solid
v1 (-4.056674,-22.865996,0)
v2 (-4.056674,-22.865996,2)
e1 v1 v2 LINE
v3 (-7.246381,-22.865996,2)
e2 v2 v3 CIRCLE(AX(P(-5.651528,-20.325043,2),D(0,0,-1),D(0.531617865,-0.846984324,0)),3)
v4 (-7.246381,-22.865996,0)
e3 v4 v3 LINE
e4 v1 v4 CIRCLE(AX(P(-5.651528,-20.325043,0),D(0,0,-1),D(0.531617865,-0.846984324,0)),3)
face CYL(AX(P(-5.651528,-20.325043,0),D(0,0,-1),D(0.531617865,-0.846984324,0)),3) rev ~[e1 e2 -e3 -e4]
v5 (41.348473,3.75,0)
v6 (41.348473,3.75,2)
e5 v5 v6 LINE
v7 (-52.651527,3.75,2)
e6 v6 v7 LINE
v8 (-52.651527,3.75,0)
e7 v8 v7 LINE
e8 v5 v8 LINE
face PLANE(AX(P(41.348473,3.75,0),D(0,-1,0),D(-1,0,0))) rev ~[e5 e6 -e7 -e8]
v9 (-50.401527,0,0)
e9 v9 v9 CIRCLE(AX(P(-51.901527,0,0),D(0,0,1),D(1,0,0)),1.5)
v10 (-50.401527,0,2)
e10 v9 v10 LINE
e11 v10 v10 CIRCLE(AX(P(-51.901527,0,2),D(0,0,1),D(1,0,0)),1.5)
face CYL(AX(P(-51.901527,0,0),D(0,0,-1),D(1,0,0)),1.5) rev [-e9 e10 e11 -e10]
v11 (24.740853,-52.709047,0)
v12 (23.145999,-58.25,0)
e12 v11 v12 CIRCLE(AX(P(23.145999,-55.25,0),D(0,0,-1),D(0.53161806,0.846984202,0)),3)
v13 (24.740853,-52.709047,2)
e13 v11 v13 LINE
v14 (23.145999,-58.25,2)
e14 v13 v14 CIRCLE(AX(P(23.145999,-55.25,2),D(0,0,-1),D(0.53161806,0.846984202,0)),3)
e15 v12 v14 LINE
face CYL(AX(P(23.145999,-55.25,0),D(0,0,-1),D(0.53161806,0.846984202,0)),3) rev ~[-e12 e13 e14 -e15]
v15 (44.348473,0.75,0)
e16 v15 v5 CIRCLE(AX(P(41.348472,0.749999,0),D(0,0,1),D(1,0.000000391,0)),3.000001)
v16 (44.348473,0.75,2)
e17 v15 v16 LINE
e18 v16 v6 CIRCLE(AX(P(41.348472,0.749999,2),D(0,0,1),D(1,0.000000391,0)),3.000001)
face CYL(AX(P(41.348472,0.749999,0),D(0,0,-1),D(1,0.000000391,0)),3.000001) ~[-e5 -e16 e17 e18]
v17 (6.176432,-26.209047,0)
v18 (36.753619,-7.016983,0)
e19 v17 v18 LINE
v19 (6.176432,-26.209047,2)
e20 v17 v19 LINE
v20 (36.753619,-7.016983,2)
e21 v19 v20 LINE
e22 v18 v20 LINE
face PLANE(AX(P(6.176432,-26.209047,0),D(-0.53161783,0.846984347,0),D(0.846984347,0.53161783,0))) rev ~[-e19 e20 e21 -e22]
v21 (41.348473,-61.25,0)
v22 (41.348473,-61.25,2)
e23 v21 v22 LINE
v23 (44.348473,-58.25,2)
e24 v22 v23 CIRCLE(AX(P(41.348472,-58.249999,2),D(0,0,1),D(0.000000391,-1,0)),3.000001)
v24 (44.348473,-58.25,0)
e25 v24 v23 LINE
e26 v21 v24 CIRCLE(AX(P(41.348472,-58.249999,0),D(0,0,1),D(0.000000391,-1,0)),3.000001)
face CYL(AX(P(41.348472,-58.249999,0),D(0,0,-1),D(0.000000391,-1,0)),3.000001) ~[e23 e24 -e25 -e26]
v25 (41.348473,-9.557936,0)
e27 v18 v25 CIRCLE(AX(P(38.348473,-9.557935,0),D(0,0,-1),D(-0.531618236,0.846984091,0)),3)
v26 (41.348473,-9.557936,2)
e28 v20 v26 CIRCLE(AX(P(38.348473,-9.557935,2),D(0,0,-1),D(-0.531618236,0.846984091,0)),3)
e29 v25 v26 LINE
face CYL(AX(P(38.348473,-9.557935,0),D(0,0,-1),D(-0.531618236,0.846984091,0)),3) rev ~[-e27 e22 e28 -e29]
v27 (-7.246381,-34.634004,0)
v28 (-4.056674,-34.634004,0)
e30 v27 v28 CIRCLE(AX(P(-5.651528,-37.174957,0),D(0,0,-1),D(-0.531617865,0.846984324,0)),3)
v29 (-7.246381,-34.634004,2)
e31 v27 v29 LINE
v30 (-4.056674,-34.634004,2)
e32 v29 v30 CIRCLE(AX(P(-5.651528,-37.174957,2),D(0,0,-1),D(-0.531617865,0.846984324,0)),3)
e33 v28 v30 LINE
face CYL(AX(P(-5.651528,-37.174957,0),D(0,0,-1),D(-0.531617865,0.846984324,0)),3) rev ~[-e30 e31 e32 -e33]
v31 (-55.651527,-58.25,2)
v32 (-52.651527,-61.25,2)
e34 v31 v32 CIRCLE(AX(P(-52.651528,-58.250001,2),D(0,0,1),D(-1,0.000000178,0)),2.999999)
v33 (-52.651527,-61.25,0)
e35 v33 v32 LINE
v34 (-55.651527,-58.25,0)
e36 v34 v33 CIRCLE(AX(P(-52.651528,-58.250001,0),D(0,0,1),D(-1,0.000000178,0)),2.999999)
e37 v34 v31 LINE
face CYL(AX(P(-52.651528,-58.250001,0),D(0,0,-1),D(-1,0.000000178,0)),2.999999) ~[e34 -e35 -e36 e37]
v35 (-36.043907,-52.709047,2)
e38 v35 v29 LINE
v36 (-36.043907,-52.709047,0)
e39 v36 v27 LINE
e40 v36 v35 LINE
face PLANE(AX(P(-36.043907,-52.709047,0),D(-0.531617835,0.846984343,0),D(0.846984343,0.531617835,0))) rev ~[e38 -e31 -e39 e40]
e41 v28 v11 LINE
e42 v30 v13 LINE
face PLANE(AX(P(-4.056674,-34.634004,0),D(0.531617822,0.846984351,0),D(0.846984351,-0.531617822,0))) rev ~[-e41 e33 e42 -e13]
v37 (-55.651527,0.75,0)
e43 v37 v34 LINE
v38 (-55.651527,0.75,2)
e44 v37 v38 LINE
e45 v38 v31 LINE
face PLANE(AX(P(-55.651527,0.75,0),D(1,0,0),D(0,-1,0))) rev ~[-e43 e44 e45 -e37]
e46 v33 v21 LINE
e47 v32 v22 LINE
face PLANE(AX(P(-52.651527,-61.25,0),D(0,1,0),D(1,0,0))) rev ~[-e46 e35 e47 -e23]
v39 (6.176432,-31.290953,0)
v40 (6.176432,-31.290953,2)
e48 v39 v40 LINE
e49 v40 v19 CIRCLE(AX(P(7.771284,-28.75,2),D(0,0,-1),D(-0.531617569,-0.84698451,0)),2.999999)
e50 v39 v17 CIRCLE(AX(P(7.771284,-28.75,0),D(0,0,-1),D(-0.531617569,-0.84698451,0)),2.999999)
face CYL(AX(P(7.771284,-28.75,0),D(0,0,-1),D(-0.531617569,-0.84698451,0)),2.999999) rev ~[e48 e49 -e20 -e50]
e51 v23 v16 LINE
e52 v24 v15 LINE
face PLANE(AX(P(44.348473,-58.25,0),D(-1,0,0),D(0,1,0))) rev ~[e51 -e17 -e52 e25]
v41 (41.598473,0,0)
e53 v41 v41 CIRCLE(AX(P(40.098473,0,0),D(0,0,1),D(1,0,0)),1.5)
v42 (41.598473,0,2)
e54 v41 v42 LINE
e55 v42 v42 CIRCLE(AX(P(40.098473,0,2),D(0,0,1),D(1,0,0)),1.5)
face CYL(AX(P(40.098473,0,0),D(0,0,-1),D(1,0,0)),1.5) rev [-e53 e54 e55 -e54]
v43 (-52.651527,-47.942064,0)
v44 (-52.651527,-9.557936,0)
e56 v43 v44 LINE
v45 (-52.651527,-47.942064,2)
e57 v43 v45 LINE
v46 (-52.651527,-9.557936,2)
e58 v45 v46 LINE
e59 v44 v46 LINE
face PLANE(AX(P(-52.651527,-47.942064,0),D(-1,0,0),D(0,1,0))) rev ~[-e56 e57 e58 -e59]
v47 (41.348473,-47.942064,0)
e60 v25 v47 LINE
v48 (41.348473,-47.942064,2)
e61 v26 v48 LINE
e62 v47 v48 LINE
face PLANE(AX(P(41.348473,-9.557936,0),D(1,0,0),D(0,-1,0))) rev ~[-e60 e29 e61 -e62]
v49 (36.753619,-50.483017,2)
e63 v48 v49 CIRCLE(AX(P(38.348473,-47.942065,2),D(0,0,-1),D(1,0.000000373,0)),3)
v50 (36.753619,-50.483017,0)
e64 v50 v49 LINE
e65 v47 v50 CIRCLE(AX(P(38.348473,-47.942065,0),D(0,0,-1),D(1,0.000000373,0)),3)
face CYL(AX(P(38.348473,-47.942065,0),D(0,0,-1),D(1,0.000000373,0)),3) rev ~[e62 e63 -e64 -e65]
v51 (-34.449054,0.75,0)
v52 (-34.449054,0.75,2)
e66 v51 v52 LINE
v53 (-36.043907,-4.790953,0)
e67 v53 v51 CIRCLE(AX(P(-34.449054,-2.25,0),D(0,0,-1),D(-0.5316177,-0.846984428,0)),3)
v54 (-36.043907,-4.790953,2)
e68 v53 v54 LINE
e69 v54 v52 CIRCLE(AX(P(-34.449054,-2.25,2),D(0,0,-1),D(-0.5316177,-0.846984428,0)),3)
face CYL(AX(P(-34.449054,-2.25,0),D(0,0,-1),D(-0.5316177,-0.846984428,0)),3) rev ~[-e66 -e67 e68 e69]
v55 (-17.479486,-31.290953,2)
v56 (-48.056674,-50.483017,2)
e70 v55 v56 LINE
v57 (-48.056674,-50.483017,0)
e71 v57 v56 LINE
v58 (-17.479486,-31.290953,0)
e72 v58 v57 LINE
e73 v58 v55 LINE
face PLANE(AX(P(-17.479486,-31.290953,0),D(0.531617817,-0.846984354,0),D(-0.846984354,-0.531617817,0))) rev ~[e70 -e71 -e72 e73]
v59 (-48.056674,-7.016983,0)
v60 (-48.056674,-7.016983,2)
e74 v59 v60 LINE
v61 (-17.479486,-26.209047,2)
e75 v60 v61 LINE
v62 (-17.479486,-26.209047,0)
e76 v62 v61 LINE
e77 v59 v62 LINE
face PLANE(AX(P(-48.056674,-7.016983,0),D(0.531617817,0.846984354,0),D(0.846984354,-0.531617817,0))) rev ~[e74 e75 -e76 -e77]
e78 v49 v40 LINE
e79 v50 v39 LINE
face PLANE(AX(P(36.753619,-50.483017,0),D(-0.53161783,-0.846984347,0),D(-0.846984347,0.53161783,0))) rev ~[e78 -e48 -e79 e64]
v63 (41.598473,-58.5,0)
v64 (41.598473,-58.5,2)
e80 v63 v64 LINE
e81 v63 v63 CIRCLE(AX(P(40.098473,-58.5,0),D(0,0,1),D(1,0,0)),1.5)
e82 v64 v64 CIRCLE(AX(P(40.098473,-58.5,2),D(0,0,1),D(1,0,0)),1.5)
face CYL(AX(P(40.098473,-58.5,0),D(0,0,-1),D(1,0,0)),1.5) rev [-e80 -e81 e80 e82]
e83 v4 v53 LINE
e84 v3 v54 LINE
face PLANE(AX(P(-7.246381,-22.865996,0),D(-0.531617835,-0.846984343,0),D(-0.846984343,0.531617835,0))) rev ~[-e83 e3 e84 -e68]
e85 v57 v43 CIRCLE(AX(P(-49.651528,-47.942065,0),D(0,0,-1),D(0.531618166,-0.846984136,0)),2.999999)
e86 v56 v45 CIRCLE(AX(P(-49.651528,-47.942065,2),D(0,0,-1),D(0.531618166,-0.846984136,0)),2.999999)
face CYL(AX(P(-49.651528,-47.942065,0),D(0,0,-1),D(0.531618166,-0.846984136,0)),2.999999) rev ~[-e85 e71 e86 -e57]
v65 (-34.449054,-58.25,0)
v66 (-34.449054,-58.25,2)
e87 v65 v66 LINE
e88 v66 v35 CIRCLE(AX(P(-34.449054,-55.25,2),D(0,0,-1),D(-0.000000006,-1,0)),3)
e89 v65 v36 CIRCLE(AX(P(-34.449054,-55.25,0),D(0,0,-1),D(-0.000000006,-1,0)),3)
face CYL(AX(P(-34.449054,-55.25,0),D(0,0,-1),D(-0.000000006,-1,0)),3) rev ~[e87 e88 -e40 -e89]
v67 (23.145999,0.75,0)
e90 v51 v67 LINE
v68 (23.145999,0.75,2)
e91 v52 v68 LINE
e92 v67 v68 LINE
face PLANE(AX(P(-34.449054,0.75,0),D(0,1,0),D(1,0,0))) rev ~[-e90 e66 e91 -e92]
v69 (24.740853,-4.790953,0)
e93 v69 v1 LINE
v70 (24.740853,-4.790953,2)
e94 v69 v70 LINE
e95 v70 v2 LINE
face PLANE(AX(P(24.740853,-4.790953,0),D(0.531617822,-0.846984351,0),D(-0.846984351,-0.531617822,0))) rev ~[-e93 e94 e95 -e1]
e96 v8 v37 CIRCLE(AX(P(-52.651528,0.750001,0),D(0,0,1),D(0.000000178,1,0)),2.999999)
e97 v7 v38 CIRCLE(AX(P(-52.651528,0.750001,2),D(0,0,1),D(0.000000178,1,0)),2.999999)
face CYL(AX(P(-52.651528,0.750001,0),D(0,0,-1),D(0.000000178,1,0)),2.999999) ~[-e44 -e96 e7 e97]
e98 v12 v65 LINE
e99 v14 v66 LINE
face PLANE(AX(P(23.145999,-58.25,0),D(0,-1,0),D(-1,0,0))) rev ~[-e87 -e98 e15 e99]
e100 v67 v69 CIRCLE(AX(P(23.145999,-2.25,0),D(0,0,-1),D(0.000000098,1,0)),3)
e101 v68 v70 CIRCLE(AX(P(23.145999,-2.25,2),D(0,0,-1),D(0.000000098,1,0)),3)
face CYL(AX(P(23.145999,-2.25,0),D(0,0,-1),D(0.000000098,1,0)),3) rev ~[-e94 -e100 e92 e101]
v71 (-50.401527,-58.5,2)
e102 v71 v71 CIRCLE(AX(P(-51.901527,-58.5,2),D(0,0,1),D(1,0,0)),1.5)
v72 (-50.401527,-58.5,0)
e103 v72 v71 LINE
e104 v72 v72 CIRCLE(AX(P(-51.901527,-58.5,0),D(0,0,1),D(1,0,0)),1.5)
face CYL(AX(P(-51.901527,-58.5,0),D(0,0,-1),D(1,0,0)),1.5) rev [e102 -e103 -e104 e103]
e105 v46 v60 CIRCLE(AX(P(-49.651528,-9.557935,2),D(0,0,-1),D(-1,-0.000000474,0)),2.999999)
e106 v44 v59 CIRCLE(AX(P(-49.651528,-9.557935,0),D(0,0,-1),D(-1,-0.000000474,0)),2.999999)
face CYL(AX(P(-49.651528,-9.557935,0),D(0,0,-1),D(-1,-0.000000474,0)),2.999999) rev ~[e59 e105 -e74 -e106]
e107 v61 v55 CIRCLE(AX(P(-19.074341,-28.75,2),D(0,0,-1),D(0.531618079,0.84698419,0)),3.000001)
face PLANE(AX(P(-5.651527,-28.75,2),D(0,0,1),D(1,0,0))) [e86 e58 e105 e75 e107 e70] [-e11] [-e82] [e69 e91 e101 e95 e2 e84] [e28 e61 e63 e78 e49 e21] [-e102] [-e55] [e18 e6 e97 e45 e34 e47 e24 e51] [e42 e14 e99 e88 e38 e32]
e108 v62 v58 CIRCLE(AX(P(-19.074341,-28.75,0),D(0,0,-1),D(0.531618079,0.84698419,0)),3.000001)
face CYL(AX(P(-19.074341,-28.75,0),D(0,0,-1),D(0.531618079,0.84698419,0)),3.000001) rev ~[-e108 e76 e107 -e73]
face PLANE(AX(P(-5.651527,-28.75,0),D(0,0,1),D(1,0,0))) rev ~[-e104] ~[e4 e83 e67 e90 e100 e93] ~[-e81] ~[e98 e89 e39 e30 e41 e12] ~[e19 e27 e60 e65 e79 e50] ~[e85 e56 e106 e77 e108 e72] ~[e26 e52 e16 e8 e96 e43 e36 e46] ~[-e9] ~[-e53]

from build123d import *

# Parameters (mm, degrees)
F0_R     = 1.5
F1_DEPTH = 2


with BuildPart() as f1:
    # F0 (on Top) → F1 (new body)
    with BuildSketch(Plane.XY):
        with BuildLine():
            Line((-49.651527, 3.75), (-52.651527, 3.75))
            ThreePointArc((-52.651527, 3.75), (-54.772848, 2.87132), (-55.651527, 0.75))
            Line((-55.651527, 0.75), (-55.651527, -2.25))
            Line((-55.651527, -2.25), (-55.651527, -55.25))
            Line((-55.651527, -55.25), (-55.651527, -58.25))
            ThreePointArc((-55.651527, -58.25), (-54.772848, -60.37132), (-52.651527, -61.25))
            Line((-52.651527, -61.25), (-49.651527, -61.25))
            Line((-49.651527, -61.25), (38.348473, -61.25))
            Line((38.348473, -61.25), (41.348473, -61.25))
            ThreePointArc((41.348473, -61.25), (43.469793, -60.37132), (44.348473, -58.25))
            Line((44.348473, -58.25), (44.348473, -55.25))
            Line((44.348473, -55.25), (44.348473, -2.25))
            Line((44.348473, -2.25), (44.348473, 0.75))
            ThreePointArc((44.348473, 0.75), (43.469793, 2.87132), (41.348473, 3.75))
            Line((41.348473, 3.75), (38.348473, 3.75))
            Line((38.348473, 3.75), (-49.651527, 3.75))
        make_face()
        with Locations((-51.901527, -58.5)):
            Circle(F0_R, mode=Mode.SUBTRACT)
        with BuildLine():
            ThreePointArc((-34.449054, -58.25), (-37.332009, -56.079801), (-36.043907, -52.709047))
            Line((-36.043907, -52.709047), (-7.246381, -34.634004))
            ThreePointArc((-7.246381, -34.634004), (-5.651527, -34.174957), (-4.056674, -34.634004))
            Line((-4.056674, -34.634004), (24.740853, -52.709047))
            ThreePointArc((24.740853, -52.709047), (26.028954, -56.079801), (23.145999, -58.25))
            Line((23.145999, -58.25), (-34.449054, -58.25))
        make_face(mode=Mode.SUBTRACT)
        with Locations((40.098473, -58.5)):
            Circle(F0_R, mode=Mode.SUBTRACT)
        with BuildLine():
            ThreePointArc((-52.651527, -9.557936), (-51.103326, -6.93262), (-48.056674, -7.016983))
            Line((-48.056674, -7.016983), (-17.479486, -26.209047))
            ThreePointArc((-17.479486, -26.209047), (-16.07434, -28.75), (-17.479486, -31.290953))
            Line((-17.479486, -31.290953), (-48.056674, -50.483017))
            ThreePointArc((-48.056674, -50.483017), (-51.103326, -50.56738), (-52.651527, -47.942064))
            Line((-52.651527, -47.942064), (-52.651527, -9.557936))
        make_face(mode=Mode.SUBTRACT)
        with Locations((-51.901527, 0)):
            Circle(F0_R, mode=Mode.SUBTRACT)
        with BuildLine():
            Line((36.753619, -50.483017), (6.176432, -31.290953))
            ThreePointArc((6.176432, -31.290953), (4.771285, -28.75), (6.176432, -26.209047))
            Line((6.176432, -26.209047), (36.753619, -7.016983))
            ThreePointArc((36.753619, -7.016983), (39.800272, -6.93262), (41.348473, -9.557936))
            Line((41.348473, -9.557936), (41.348473, -47.942064))
            ThreePointArc((41.348473, -47.942064), (39.800272, -50.56738), (36.753619, -50.483017))
        make_face(mode=Mode.SUBTRACT)
        with BuildLine():
            Line((-7.246381, -22.865996), (-36.043907, -4.790953))
            ThreePointArc((-36.043907, -4.790953), (-37.332009, -1.420199), (-34.449054, 0.75))
            Line((-34.449054, 0.75), (23.145999, 0.75))
            ThreePointArc((23.145999, 0.75), (26.028954, -1.420199), (24.740853, -4.790953))
            Line((24.740853, -4.790953), (-4.056674, -22.865996))
            ThreePointArc((-4.056674, -22.865996), (-5.651527, -23.325043), (-7.246381, -22.865996))
        make_face(mode=Mode.SUBTRACT)
        with Locations((40.098473, 0)):
            Circle(F0_R, mode=Mode.SUBTRACT)
    extrude(amount=F1_DEPTH)


solid = f1.part
